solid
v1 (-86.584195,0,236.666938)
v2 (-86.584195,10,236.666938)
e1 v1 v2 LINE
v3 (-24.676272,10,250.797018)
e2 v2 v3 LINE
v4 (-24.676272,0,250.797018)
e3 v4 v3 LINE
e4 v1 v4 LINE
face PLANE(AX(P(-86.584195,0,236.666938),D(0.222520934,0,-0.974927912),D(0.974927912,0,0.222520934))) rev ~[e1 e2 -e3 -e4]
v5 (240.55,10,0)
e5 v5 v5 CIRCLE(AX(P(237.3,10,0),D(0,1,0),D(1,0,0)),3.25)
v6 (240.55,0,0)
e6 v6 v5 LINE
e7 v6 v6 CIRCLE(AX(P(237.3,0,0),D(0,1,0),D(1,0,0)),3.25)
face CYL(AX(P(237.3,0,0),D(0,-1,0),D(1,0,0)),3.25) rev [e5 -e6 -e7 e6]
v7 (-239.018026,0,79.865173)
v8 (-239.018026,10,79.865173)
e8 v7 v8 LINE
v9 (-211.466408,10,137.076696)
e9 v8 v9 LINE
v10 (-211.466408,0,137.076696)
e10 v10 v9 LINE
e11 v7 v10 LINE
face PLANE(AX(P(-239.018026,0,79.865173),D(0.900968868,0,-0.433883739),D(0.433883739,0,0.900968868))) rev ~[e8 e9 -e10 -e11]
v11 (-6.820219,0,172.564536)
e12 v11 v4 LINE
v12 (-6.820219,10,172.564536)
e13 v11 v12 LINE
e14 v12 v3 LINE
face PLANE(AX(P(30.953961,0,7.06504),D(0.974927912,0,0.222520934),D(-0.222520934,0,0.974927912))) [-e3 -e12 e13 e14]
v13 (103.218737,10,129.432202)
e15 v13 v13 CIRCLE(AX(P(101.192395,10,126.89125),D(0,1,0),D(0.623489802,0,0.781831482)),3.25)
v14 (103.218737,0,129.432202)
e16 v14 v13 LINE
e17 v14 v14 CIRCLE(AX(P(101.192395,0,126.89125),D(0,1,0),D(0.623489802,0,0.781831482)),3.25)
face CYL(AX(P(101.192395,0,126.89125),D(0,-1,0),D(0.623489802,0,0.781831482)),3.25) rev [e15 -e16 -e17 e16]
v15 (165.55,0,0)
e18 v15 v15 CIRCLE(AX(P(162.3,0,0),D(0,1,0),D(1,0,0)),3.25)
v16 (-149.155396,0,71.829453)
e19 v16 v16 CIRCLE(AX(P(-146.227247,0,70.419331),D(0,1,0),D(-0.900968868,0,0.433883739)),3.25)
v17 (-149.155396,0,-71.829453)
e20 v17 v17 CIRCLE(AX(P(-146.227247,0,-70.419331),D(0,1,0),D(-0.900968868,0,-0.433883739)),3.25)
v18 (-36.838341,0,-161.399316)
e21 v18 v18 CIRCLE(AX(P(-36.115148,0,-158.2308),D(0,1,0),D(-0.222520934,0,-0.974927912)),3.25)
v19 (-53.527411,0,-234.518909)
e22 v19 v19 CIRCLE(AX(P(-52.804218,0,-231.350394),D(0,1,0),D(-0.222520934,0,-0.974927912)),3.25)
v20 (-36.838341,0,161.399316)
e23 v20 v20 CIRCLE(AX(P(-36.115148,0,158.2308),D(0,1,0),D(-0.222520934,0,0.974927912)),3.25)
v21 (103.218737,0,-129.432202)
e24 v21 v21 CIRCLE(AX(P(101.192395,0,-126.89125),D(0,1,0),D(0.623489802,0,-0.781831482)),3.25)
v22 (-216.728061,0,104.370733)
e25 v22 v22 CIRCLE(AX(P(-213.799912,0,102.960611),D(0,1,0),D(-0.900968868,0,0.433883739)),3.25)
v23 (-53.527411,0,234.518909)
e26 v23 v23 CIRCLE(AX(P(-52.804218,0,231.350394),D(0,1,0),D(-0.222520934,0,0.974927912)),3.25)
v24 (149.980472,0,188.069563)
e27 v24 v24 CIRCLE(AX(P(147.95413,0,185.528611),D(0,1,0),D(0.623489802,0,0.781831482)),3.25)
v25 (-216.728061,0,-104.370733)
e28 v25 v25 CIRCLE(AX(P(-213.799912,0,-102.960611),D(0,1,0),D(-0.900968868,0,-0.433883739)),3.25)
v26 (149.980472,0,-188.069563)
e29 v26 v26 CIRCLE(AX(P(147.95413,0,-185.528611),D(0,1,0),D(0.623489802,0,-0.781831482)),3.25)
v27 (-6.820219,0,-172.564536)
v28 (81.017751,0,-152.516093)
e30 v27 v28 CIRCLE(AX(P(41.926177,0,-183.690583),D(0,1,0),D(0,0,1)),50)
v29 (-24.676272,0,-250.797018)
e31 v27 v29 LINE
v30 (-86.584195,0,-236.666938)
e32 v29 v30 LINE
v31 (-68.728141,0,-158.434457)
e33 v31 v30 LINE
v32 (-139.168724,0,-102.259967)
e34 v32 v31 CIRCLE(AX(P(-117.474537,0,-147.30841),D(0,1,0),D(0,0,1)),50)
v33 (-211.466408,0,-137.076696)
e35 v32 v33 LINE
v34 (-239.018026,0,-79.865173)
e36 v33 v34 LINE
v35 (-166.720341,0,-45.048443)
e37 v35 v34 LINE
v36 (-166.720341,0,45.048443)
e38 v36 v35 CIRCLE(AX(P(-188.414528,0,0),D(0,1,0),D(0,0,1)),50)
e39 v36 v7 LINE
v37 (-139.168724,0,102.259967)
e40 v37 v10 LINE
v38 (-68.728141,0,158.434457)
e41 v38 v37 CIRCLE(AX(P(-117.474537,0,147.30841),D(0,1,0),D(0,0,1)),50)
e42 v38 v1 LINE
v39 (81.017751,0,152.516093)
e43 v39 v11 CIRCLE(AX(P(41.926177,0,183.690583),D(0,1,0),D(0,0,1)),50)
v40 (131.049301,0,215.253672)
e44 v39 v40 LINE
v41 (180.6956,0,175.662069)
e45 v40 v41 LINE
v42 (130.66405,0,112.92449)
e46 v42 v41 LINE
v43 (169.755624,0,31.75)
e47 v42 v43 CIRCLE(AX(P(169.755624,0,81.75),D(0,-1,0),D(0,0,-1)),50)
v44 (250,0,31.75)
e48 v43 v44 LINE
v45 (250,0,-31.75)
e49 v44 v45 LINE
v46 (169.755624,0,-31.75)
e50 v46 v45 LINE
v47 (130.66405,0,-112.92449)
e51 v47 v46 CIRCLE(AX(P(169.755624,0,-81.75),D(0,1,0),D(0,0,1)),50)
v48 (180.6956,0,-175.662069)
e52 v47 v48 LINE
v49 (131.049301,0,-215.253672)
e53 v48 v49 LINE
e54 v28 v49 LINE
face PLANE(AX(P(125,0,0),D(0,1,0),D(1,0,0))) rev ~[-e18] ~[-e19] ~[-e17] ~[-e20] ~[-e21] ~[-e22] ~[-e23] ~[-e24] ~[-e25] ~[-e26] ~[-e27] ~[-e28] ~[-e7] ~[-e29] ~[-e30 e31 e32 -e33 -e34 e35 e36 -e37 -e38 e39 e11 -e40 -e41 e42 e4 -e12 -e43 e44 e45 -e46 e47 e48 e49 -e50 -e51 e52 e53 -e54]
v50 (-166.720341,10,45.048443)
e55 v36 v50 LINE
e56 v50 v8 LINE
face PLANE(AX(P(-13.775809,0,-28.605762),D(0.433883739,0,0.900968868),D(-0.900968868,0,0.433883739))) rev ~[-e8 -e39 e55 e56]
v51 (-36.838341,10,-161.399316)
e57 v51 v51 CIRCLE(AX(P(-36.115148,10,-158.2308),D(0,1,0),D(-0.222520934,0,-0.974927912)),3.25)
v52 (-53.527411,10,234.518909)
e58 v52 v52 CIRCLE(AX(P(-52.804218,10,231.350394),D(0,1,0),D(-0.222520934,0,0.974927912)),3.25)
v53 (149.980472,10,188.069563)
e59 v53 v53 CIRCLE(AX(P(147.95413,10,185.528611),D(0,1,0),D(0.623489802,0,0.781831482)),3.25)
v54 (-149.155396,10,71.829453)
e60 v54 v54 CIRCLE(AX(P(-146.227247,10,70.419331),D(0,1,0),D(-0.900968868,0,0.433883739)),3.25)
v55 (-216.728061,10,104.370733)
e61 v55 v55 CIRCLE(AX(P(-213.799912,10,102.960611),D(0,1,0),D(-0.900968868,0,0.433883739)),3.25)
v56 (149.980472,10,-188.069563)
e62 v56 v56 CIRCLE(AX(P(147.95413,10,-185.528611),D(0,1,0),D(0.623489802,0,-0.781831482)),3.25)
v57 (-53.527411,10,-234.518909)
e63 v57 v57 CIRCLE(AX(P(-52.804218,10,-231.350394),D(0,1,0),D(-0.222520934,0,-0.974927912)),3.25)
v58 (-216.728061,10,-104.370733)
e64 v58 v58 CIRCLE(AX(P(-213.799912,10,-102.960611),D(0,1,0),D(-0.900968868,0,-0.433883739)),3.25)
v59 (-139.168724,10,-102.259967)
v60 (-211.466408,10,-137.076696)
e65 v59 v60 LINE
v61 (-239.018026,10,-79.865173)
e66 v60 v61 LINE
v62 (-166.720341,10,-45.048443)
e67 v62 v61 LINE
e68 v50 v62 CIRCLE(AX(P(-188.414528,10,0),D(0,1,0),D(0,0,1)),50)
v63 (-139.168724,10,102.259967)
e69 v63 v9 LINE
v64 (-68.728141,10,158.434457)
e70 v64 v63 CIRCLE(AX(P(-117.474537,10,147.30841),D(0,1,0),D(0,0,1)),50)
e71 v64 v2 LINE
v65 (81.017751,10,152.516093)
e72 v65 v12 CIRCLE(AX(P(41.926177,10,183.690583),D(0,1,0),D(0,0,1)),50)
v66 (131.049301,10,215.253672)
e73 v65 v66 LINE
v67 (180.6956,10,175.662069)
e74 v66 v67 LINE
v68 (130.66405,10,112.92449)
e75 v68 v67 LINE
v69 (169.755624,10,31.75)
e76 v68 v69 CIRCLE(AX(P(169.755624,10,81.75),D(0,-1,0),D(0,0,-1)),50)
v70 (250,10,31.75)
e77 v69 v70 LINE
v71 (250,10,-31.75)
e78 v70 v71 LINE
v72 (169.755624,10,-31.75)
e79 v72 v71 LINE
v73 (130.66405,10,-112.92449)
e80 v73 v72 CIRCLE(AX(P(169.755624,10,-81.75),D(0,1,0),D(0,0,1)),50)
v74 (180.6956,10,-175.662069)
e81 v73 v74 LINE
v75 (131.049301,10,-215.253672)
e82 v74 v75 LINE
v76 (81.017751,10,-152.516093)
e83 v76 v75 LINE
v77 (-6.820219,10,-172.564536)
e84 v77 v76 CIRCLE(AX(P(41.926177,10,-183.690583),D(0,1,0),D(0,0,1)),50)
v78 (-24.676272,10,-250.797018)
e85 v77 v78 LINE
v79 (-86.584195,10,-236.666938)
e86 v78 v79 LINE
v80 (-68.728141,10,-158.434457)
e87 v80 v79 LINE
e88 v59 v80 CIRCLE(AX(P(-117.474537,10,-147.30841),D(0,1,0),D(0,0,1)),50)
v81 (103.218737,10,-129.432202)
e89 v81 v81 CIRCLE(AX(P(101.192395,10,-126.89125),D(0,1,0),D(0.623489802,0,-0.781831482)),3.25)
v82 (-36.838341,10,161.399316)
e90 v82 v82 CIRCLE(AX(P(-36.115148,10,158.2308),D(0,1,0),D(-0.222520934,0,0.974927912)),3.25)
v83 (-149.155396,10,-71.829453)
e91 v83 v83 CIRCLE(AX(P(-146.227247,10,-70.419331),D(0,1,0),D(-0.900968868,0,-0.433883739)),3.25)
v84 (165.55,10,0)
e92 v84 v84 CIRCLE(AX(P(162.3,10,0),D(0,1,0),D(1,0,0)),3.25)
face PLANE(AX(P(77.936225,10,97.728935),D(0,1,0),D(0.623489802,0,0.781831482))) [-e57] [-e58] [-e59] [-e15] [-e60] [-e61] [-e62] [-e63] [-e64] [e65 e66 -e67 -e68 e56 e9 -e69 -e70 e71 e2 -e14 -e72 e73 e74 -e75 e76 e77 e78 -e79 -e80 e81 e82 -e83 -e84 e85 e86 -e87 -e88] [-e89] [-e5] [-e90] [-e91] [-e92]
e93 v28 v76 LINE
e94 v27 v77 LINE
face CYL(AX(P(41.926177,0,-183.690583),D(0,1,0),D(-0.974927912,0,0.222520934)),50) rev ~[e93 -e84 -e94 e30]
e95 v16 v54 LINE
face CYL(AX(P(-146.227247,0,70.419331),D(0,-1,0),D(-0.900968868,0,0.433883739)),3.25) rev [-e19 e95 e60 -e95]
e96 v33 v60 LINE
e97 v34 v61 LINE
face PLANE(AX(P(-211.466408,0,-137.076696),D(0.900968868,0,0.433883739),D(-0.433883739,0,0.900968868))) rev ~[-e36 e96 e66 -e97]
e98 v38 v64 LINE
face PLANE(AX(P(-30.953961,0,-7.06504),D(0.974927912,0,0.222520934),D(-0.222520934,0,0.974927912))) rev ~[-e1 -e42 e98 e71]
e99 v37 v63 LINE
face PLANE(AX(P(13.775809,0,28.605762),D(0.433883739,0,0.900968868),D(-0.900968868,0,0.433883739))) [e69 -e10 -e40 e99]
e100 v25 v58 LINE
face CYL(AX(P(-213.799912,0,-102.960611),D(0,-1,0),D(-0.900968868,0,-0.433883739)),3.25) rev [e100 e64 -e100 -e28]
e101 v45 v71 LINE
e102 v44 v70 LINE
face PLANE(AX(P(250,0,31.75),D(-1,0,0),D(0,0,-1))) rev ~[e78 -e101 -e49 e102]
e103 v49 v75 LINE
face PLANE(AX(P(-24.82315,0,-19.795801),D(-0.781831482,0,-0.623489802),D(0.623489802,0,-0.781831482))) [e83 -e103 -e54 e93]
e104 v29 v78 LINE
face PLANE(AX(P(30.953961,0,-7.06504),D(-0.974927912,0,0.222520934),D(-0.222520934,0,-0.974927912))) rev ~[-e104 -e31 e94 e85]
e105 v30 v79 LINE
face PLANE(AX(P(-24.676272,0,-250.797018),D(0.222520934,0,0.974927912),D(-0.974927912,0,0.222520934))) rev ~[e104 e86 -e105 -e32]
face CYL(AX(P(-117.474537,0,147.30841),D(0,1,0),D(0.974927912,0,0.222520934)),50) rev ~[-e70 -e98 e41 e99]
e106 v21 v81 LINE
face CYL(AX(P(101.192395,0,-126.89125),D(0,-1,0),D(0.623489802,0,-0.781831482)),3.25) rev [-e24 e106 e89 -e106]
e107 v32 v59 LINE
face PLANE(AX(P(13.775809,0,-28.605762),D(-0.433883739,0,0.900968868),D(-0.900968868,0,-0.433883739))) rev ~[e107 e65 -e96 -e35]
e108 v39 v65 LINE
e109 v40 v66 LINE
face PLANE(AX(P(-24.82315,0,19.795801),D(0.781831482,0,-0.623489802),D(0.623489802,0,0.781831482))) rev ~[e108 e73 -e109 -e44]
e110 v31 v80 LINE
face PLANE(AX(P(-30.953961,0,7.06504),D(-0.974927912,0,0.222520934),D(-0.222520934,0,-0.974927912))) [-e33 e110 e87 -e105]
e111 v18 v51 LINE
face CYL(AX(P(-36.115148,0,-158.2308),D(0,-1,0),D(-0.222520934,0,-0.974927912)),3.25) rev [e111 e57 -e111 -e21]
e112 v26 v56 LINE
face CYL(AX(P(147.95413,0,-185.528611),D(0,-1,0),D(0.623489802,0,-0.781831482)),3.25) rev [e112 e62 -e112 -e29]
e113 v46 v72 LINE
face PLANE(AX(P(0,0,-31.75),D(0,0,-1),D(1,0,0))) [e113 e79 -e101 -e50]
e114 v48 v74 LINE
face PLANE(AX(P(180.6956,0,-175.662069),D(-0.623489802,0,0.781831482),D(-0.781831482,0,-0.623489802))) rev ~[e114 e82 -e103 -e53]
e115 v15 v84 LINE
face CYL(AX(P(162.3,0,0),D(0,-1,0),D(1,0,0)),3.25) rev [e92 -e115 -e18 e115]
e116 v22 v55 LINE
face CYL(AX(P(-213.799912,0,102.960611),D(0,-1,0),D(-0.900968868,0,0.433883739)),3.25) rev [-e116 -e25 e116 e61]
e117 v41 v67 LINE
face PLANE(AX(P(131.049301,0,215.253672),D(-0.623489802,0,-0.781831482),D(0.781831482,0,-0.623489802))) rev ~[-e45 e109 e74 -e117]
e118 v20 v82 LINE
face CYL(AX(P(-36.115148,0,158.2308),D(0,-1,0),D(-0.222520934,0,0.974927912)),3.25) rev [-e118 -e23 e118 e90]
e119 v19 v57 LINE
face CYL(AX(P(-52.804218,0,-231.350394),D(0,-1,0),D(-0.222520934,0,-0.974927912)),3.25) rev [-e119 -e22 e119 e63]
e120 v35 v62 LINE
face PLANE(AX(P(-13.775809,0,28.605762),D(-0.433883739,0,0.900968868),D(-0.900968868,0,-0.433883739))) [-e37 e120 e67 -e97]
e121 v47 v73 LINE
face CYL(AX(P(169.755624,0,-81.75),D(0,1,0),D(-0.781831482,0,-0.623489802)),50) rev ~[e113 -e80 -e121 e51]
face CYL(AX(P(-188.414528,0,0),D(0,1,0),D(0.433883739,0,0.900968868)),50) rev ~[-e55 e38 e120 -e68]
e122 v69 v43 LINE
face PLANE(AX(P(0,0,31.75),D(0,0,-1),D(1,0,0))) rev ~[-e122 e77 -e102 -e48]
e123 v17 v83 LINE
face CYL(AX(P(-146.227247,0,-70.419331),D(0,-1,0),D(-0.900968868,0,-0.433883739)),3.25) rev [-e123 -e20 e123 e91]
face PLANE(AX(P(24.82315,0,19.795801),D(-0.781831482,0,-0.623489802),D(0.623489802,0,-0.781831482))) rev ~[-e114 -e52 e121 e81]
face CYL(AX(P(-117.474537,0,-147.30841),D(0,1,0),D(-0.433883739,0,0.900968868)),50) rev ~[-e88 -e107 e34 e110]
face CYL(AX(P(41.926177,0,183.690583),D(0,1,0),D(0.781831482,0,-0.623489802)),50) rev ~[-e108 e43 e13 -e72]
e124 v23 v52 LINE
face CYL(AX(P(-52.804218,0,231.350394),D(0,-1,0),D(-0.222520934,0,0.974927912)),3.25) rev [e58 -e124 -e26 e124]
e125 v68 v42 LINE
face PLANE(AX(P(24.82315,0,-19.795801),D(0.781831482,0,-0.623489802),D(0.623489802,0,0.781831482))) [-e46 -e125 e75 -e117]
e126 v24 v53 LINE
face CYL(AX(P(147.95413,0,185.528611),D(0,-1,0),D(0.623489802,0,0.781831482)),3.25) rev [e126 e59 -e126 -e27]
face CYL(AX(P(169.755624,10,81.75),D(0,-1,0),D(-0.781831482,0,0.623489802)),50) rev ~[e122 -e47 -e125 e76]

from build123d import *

# Parameters (mm, degrees)
SKETCH3_W           = 250
SKETCH3_H           = 63.5
SKETCH3_R           = 3.25
BOSS_EXTRUDE1_DEPTH = 10
CIRPATTERN1_COUNT   = 7
FILLET1_R           = 50


with BuildPart() as part:
    # Sketch3 → Boss-Extrude1 (new body)
    with BuildSketch(Plane(origin=(0, 0, 0), x_dir=(1, 0, 0), z_dir=(0, 1, 0))):
        with Locations((125, 0)):
            Rectangle(SKETCH3_W, SKETCH3_H)
        with Locations((162.3, 0)):
            Circle(SKETCH3_R, mode=Mode.SUBTRACT)
        with Locations((237.3, 0)):
            Circle(SKETCH3_R, mode=Mode.SUBTRACT)
    boss_extrude1 = extrude(amount=BOSS_EXTRUDE1_DEPTH)

    # CirPattern1: Boss-Extrude1 ×7 about axis
    cirpattern1_axis = Axis((0, 0, 0), (0, 1, 0))
    for i in range(1, CIRPATTERN1_COUNT):
        add(boss_extrude1.rotate(cirpattern1_axis, i * 360 / CIRPATTERN1_COUNT))

    # Fillet1
    fillet1_edges = [part.edges().sort_by_distance(p)[0] for p in [
        (65.929554341, 5, 31.75),
        (65.929554341, 5, -31.75),
        (16.283255204, 5, 71.341602418),
        (-45.624667219, 5, 57.211523112),
        (-73.176284653, 5, 0),
        (-45.624667219, 5, -57.211523112),
        (16.283255204, 5, -71.341602418),
    ]]
    fillet(fillet1_edges, radius=FILLET1_R)


solid = part.part
